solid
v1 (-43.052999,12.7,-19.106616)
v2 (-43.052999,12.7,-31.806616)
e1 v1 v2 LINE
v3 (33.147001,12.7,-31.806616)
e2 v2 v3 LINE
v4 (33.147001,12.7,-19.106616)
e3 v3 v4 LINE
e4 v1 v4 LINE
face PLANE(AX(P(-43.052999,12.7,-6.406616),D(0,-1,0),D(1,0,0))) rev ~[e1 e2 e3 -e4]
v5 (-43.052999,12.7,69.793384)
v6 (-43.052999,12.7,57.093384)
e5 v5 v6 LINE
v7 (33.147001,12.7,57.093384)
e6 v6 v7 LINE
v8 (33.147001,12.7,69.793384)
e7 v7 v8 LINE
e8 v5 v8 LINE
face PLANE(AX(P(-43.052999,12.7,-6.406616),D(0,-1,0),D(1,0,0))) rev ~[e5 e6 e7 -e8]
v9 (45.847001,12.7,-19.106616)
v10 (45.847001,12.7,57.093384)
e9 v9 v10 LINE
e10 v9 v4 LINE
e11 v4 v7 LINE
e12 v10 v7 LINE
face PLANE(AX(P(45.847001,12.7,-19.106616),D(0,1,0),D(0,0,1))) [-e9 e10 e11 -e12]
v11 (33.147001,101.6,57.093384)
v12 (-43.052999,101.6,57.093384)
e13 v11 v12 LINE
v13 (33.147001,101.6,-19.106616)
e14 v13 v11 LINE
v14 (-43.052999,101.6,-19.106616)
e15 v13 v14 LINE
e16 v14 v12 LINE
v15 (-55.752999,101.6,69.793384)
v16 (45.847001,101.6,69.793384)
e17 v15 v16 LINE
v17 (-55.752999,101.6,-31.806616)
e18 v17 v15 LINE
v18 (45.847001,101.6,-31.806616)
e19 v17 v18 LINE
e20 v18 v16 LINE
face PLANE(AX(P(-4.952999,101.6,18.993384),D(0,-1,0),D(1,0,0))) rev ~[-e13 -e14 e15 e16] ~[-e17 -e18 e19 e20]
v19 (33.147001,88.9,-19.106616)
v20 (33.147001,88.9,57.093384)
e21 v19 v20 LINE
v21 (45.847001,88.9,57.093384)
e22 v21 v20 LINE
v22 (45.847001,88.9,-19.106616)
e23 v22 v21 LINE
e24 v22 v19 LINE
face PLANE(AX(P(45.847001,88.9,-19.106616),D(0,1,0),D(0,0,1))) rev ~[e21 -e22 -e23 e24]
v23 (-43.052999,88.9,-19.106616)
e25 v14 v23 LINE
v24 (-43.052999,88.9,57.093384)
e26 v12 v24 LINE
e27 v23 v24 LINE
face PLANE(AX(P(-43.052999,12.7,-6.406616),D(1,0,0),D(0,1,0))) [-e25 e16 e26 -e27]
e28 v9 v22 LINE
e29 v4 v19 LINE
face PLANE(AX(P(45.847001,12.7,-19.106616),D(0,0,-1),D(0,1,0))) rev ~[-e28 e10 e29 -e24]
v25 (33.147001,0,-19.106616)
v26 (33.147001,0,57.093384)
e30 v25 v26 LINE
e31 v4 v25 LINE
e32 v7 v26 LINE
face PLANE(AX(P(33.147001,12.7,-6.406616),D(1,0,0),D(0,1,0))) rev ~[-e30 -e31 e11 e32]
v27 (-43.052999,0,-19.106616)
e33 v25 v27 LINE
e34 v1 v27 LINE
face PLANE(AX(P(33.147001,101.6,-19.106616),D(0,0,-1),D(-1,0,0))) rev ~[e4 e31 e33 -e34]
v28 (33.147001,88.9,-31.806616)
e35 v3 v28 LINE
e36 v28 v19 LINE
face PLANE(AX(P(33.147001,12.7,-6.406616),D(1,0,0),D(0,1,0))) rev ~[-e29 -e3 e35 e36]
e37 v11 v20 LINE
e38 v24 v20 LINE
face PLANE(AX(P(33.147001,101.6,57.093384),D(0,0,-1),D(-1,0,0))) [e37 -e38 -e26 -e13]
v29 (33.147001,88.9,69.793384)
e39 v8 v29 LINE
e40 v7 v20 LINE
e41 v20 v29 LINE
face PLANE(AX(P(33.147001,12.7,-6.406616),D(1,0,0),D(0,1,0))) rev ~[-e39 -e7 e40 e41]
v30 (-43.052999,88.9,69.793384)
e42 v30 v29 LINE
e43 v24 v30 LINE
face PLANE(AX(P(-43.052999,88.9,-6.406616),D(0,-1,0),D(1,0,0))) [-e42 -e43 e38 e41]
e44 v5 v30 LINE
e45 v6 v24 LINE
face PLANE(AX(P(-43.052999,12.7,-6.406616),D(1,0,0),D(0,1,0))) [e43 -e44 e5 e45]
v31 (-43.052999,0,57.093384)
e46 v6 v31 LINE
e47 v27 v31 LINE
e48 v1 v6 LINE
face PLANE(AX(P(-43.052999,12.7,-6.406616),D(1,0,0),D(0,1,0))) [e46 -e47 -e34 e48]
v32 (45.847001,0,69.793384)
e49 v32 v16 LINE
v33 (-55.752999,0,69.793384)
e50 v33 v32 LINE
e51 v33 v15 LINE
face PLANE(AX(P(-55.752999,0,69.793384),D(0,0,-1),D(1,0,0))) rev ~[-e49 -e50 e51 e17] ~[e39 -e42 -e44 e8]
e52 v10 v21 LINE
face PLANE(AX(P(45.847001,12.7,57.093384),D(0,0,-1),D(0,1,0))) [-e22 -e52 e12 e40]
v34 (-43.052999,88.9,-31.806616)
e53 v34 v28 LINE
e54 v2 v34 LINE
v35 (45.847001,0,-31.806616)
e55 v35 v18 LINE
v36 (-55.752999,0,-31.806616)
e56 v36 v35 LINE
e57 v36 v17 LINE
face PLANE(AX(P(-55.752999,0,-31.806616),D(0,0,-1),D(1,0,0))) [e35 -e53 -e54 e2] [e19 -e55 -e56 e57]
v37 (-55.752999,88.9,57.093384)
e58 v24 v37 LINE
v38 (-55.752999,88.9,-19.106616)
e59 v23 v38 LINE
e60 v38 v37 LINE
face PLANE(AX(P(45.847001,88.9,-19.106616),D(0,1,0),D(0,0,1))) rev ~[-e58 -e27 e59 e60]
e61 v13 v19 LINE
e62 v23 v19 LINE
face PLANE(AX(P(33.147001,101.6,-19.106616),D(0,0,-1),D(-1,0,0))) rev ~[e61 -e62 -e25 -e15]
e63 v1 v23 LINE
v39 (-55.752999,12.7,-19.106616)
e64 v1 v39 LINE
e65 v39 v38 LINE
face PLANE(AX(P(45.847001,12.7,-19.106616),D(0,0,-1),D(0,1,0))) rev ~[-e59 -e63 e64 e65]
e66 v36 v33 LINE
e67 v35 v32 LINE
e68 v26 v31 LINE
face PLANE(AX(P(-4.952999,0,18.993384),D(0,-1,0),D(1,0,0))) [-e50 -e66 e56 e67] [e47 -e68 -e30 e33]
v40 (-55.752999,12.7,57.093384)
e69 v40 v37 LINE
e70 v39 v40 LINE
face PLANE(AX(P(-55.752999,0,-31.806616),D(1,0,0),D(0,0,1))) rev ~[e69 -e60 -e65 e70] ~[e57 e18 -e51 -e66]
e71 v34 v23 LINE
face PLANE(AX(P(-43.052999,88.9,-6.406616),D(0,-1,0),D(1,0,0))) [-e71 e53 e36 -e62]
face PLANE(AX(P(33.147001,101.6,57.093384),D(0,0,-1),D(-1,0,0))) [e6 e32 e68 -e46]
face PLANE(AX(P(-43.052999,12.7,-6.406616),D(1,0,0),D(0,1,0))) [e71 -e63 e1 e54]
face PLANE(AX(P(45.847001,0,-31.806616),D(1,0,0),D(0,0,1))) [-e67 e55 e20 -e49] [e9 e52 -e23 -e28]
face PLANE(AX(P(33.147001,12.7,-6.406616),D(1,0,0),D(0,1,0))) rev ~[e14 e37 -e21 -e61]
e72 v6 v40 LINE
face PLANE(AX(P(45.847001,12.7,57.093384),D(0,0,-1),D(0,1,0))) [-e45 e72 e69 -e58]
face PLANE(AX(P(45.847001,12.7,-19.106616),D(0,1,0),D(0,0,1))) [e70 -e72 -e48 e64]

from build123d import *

# Parameters (mm, degrees)
F0_W      = 101.6
F0_H      = 101.6
F1_DEPTH  = 101.6
F2_W      = 76.2
F2_H      = 76.2
F3_DEPTH  = 76.2
F3_FACE_W = 76.2
F3_FACE_H = 76.2
F4_DEPTH  = 25.4
F5_W      = 76.2
F5_H      = 76.2
F6_DEPTH  = 101.6
F7_W      = 76.2
F7_H      = 76.2
F8_DEPTH  = 101.6


with BuildPart() as f1:
    # F0 (on Front) → F1 (new body)
    with BuildSketch(Plane.XZ):
        with Locations((-4.952999, 18.993384)):
            Rectangle(F0_W, F0_H)
    extrude(amount=-F1_DEPTH)

    # F2 (on face) → F3 (cut)
    with BuildSketch(Plane.XY.offset(69.793384)):
        with Locations((-4.952999, 50.8)):
            Rectangle(F2_W, F2_H)
    extrude(amount=-F3_DEPTH, mode=Mode.SUBTRACT)

    # F3_face (on face) → F4 (cut)
    with BuildSketch(Plane(origin=(-4.952999, 50.8, -6.406616), x_dir=(1, 0, 0), z_dir=(0, 0, 1))):
        Rectangle(F3_FACE_W, F3_FACE_H)
    extrude(amount=-F4_DEPTH, mode=Mode.SUBTRACT)

    # F5 (on face) → F6 (cut)
    with BuildSketch(Plane(origin=(0, 101.6, 0), x_dir=(-1, 0, 0), z_dir=(0, 1, 0))):
        with Locations((4.952999, 18.993384)):
            Rectangle(F5_W, F5_H)
    extrude(amount=-F6_DEPTH, mode=Mode.SUBTRACT)

    # F7 (on face) → F8 (cut)
    with BuildSketch(Plane.YZ.offset(45.847001)):
        with Locations((50.8, 18.993384)):
            Rectangle(F7_W, F7_H)
    extrude(amount=-F8_DEPTH, mode=Mode.SUBTRACT)


solid = f1.part
